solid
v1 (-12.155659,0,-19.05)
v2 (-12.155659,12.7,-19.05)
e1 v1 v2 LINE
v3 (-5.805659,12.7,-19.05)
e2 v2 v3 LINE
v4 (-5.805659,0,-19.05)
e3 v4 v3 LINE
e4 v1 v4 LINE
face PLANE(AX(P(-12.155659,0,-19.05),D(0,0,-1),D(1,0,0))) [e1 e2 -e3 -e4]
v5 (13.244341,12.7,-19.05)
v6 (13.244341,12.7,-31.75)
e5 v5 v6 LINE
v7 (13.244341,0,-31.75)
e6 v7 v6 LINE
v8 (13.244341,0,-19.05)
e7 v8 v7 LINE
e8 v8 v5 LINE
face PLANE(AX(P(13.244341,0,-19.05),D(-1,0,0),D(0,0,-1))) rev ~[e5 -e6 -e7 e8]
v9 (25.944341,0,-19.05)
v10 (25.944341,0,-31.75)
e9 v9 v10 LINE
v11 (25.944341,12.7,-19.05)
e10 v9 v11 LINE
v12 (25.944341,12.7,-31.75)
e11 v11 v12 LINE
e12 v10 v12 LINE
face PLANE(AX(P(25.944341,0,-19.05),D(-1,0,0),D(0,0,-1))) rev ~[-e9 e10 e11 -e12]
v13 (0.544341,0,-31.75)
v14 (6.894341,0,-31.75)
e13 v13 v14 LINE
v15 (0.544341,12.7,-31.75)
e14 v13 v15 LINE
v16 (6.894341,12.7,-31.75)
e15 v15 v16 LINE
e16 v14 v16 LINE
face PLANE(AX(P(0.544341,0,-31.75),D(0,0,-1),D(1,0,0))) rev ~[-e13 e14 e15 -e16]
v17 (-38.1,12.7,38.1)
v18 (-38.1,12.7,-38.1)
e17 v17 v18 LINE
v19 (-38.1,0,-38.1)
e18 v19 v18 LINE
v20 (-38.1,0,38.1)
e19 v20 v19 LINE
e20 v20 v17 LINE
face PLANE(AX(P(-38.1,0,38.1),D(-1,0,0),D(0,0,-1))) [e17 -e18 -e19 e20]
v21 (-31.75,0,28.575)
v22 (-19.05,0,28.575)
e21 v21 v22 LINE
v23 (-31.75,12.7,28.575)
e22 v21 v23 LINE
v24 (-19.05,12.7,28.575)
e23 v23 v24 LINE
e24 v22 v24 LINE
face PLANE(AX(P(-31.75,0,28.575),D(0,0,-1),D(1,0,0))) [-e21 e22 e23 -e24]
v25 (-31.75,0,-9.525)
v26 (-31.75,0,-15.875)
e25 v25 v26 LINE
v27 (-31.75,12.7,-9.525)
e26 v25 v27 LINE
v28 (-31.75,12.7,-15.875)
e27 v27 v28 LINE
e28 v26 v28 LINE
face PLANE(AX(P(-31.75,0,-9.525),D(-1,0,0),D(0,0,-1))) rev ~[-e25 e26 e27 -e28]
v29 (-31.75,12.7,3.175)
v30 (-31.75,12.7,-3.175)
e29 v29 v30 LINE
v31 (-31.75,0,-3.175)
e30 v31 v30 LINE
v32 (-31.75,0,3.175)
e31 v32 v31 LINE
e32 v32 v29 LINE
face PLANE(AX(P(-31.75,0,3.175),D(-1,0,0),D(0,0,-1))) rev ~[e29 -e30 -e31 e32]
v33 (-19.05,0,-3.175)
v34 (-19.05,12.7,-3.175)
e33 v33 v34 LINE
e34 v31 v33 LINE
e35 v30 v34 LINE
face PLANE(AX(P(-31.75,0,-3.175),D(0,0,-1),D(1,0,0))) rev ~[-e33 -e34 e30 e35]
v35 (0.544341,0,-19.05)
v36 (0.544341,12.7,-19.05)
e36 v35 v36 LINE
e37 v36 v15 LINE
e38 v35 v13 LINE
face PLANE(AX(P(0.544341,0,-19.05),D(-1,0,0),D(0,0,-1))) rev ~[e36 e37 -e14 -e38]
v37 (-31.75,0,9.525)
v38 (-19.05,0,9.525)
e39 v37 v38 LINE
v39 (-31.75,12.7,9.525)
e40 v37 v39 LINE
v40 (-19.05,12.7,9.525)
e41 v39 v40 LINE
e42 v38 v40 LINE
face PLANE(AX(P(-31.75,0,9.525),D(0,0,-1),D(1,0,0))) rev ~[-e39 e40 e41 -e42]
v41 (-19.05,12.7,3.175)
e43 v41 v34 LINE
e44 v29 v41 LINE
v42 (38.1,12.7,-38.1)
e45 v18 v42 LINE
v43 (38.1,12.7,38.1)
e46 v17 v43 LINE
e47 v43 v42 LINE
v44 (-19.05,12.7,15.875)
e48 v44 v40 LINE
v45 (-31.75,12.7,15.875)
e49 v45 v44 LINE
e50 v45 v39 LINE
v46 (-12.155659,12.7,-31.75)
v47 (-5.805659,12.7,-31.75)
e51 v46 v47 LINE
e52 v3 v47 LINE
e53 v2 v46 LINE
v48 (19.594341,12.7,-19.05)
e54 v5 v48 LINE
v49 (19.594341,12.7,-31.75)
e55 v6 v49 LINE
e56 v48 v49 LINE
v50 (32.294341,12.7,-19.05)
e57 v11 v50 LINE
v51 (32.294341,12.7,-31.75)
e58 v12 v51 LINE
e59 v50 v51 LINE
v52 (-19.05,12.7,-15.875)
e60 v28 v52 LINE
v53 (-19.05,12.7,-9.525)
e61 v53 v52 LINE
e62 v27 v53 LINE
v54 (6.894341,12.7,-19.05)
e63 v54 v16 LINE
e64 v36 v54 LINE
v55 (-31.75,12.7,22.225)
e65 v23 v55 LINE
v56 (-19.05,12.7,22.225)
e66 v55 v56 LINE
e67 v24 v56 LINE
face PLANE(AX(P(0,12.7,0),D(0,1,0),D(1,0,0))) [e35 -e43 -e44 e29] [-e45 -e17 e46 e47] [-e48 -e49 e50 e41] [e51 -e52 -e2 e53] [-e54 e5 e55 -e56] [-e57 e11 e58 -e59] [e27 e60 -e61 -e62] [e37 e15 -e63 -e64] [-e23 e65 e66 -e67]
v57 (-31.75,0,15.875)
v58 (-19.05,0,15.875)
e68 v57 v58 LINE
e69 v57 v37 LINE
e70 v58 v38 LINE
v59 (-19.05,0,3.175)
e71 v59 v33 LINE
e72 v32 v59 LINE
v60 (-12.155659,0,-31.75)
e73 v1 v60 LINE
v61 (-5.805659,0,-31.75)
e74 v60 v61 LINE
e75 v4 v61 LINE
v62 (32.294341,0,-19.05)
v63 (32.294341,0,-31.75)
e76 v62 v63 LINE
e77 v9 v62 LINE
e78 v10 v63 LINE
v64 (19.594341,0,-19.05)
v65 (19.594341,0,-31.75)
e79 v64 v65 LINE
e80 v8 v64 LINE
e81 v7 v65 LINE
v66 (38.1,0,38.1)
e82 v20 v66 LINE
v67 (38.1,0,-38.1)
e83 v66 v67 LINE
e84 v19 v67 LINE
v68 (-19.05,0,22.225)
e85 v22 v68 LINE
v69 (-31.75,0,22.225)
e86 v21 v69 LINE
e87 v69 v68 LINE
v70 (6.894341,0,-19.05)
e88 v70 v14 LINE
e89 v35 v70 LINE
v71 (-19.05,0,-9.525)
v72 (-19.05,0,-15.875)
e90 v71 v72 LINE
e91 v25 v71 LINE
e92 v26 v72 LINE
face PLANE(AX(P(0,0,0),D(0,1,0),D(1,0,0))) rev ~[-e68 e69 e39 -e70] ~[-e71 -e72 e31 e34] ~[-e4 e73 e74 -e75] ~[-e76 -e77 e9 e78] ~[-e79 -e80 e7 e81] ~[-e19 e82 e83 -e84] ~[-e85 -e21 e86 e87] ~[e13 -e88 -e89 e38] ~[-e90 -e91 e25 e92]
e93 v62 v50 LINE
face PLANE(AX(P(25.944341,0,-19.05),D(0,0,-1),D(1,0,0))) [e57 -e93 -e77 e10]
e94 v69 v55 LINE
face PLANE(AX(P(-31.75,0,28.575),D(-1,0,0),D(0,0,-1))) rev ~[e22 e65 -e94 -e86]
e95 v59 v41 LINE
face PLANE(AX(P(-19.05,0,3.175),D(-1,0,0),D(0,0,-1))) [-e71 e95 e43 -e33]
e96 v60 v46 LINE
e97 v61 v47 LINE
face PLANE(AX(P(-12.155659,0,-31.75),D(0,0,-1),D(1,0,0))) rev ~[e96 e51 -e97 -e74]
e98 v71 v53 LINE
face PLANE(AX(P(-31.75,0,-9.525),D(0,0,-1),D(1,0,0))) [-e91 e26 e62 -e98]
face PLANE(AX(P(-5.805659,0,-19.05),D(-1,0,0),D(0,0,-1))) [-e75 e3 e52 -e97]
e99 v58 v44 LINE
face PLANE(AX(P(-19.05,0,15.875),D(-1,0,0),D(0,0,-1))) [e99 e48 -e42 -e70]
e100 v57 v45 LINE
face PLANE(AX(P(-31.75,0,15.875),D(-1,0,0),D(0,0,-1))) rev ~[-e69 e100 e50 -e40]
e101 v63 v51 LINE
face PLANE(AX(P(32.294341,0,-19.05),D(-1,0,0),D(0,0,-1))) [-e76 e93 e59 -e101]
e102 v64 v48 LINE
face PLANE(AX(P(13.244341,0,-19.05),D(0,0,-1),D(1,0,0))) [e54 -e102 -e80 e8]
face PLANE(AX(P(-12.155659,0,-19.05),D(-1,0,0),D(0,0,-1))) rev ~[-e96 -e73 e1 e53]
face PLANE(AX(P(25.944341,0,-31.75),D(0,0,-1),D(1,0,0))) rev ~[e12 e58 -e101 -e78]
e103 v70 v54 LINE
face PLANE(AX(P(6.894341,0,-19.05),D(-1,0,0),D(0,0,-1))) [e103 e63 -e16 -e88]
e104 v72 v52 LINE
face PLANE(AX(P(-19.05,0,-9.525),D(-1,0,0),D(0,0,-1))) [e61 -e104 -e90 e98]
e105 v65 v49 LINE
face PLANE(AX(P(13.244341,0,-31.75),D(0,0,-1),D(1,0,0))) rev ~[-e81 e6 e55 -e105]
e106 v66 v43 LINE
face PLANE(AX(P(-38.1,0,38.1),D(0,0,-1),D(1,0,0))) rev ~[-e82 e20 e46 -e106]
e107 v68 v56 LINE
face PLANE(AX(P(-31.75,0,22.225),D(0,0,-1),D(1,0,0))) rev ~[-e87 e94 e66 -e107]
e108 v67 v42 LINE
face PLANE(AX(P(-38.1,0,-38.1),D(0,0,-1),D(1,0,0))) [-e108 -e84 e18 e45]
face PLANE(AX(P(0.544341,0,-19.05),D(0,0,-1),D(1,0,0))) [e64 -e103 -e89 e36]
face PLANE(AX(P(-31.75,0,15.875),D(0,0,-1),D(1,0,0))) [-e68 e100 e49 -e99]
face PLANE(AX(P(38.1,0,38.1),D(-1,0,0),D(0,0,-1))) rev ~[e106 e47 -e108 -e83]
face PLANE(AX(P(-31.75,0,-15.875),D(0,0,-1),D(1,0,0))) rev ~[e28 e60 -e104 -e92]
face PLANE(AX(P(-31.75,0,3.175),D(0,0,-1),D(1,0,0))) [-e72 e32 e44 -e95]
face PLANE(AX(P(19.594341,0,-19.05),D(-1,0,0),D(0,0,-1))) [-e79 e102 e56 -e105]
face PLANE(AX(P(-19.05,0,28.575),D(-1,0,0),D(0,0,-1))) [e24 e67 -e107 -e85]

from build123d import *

# Parameters (mm, degrees)
SKETCH1_W           = 76.2
SKETCH1_H           = 76.2
SKETCH1_W_2         = 12.7
SKETCH1_H_2         = 6.35
SKETCH1_W_3         = 6.35
SKETCH1_H_3         = 12.7
BOSS_EXTRUDE1_DEPTH = 12.7


with BuildPart() as part:
    # Sketch1 → Boss-Extrude1 (new body)
    with BuildSketch(Plane(origin=(0, 0, 0), x_dir=(1, 0, 0), z_dir=(0, 1, 0))):
        Rectangle(SKETCH1_W, SKETCH1_H)
        with Locations((-25.4, 0)):
            Rectangle(SKETCH1_W_2, SKETCH1_H_2, mode=Mode.SUBTRACT)
        with Locations((-25.4, 12.7)):
            Rectangle(SKETCH1_W_2, SKETCH1_H_2, mode=Mode.SUBTRACT)
        with Locations((-25.4, -12.7)):
            Rectangle(SKETCH1_W_2, SKETCH1_H_2, mode=Mode.SUBTRACT)
        with Locations((-25.4, -25.4)):
            Rectangle(SKETCH1_W_2, SKETCH1_H_2, mode=Mode.SUBTRACT)
        with Locations((3.719341062, 25.4)):
            Rectangle(SKETCH1_W_3, SKETCH1_H_3, mode=Mode.SUBTRACT)
        with Locations((-8.980658938, 25.4)):
            Rectangle(SKETCH1_W_3, SKETCH1_H_3, mode=Mode.SUBTRACT)
        with Locations((16.419341062, 25.4)):
            Rectangle(SKETCH1_W_3, SKETCH1_H_3, mode=Mode.SUBTRACT)
        with Locations((29.119341062, 25.4)):
            Rectangle(SKETCH1_W_3, SKETCH1_H_3, mode=Mode.SUBTRACT)
    extrude(amount=BOSS_EXTRUDE1_DEPTH)


solid = part.part
